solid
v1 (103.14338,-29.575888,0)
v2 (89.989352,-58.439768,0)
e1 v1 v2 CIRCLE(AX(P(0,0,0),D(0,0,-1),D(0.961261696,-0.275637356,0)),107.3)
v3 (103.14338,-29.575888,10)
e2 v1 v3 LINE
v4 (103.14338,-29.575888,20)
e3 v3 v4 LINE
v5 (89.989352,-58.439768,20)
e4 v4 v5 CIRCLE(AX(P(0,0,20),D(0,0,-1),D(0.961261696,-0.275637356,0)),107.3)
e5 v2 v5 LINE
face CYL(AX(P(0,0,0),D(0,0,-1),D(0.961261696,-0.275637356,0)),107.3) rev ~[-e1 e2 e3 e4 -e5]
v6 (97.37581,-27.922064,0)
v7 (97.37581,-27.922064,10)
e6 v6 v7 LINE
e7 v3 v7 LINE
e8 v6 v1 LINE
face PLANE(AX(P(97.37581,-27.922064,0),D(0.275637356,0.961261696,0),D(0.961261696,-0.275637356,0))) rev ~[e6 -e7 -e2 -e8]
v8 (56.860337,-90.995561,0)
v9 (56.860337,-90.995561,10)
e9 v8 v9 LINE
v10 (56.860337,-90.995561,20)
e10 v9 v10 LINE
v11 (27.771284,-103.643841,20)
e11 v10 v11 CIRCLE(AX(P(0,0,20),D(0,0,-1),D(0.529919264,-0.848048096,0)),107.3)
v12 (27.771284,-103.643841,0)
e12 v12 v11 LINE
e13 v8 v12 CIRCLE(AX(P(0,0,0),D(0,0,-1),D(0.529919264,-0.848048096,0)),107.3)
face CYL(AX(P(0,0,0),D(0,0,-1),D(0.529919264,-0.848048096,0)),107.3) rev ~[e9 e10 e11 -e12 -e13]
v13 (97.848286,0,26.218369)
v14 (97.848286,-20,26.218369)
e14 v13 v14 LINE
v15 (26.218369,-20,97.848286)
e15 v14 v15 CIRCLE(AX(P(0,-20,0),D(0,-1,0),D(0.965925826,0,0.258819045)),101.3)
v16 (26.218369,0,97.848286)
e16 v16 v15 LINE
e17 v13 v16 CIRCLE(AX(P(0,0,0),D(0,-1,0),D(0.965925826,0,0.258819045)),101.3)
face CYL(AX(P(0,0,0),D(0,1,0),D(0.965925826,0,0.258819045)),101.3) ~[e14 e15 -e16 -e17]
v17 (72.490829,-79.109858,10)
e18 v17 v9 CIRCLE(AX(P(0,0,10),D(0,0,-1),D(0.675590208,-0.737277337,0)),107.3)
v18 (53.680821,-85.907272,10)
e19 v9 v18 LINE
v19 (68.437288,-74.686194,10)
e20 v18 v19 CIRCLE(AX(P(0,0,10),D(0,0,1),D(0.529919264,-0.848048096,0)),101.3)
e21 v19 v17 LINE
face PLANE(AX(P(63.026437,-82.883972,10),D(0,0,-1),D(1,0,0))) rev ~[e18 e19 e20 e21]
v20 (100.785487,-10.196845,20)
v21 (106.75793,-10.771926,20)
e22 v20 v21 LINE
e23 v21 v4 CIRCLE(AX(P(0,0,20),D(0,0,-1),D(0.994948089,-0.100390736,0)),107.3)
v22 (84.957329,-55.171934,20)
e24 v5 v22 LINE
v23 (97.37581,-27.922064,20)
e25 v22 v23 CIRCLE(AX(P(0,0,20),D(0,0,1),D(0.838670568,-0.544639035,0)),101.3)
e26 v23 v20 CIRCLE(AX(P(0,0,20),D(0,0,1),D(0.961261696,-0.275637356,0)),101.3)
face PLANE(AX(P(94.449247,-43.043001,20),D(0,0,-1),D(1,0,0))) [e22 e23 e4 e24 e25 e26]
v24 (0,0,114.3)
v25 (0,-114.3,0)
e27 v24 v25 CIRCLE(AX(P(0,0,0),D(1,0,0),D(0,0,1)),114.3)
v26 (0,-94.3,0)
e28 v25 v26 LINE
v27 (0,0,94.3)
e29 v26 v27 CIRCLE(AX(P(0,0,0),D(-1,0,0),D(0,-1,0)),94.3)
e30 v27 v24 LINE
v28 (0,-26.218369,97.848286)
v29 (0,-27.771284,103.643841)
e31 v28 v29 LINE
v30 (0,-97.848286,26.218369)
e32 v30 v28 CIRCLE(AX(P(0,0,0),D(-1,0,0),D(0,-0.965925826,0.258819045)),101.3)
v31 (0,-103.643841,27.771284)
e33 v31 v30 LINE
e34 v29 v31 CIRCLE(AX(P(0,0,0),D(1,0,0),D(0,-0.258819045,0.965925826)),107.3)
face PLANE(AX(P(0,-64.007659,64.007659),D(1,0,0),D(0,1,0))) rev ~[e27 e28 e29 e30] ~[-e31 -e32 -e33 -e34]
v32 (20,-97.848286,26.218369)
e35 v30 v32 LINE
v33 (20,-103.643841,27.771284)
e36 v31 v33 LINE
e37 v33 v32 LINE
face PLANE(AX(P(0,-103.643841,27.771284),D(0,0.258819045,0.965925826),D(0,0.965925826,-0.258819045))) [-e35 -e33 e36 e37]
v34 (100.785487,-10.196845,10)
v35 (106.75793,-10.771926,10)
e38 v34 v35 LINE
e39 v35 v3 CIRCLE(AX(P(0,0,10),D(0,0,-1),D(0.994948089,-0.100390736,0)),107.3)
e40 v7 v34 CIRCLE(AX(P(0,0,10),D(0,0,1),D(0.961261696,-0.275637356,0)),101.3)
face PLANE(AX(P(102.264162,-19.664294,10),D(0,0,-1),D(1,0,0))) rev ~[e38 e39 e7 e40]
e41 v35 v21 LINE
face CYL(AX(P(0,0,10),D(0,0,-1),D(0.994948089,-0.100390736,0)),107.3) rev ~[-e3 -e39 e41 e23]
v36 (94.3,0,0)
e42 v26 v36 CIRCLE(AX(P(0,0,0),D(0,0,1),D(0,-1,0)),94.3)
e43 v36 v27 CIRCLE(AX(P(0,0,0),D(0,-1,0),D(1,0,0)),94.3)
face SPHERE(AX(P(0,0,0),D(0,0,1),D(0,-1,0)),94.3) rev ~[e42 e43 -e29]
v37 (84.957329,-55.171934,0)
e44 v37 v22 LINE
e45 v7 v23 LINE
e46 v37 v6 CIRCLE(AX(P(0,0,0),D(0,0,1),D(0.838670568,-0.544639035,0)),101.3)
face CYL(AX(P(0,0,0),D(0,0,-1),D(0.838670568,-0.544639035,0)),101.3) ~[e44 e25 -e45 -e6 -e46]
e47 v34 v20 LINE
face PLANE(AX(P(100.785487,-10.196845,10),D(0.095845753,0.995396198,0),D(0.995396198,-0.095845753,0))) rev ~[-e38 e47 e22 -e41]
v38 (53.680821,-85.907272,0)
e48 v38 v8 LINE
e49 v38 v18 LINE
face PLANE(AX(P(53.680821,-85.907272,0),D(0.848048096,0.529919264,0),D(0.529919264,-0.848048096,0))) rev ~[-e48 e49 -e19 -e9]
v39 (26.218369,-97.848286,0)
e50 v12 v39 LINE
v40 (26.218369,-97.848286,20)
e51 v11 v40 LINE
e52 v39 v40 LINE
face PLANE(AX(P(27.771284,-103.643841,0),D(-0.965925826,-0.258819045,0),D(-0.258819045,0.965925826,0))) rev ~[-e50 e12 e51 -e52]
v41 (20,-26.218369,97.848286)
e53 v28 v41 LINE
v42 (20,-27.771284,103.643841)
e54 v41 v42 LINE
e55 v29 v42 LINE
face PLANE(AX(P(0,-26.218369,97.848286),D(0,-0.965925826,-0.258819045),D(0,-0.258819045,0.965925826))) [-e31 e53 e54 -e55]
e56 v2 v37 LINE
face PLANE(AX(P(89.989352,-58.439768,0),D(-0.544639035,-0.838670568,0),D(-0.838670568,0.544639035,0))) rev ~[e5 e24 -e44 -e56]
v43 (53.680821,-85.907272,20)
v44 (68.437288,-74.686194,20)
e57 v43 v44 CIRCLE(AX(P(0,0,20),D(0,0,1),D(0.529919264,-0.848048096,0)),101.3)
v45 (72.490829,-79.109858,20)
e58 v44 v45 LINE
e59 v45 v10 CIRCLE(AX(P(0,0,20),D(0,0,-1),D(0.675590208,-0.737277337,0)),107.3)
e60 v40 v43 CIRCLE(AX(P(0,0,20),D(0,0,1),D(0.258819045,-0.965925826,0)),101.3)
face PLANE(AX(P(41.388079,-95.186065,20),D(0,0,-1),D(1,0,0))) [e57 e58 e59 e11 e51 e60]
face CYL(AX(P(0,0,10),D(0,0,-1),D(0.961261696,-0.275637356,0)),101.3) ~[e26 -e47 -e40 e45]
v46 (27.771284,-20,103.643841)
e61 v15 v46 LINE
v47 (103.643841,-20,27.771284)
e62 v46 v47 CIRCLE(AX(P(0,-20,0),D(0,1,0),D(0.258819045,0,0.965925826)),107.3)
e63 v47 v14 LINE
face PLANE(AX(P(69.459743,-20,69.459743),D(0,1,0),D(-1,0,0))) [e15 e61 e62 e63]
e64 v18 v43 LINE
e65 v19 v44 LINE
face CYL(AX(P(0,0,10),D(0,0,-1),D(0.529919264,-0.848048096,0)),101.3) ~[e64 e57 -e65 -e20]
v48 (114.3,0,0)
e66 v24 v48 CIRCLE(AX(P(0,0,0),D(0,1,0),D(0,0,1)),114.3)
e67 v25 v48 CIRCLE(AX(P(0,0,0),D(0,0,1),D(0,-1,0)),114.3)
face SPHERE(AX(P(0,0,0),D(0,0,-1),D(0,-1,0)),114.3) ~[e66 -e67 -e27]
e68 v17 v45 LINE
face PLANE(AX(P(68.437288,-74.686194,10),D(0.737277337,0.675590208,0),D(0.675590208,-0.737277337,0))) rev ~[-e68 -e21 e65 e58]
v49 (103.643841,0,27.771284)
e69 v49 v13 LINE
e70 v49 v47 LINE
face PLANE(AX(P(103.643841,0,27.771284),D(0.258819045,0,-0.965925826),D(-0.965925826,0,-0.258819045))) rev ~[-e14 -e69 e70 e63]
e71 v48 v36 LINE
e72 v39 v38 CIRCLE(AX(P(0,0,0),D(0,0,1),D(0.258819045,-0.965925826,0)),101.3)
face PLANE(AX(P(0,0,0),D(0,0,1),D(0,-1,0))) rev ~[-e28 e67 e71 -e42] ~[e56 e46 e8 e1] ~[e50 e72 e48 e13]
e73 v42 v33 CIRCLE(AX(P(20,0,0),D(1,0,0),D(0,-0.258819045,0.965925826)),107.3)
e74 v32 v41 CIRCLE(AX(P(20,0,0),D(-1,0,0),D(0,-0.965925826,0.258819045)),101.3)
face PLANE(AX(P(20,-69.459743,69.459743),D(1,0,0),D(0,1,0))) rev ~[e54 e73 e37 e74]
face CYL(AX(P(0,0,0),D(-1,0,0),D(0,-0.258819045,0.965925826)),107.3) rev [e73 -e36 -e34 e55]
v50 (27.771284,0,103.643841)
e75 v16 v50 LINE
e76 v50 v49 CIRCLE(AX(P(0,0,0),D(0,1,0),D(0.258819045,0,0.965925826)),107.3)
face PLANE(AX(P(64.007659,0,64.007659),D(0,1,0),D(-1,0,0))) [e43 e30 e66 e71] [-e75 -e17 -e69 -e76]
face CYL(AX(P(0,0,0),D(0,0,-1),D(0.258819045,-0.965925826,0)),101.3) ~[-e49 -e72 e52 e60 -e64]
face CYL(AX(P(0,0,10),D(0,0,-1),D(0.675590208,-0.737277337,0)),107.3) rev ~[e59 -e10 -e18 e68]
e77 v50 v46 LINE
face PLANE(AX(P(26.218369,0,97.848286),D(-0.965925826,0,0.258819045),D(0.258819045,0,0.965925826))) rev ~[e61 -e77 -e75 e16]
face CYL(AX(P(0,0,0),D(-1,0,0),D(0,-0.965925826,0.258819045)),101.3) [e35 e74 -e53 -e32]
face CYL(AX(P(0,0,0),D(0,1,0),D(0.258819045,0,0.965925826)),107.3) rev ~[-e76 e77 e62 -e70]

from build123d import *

# Parameters (mm, degrees)
F1_ANGLE  = 90
F3_DEPTH  = 20
F5_DEPTH  = 20
F7_DEPTH  = 20
F10_DEPTH = 10


with BuildPart() as f1:
    # F0 (on Right) → F1 (revolve)
    with BuildSketch(Plane.YZ):
        with BuildLine():
            Line((0, 94.3), (0, 114.3))
            ThreePointArc((0, 114.3), (-80.8223050896, 80.8223050896), (-114.3, 0))
            Line((-114.3, 0), (-94.3, 0))
            ThreePointArc((-94.3, 0), (-66.6801694659, 66.6801694659), (0, 94.3))
        make_face()
    revolve(axis=Axis((0, 0, 104.3), (0, 0, 1)), revolution_arc=F1_ANGLE)

    # F2 (on face) → F3 (cut)
    with BuildSketch(Plane(origin=(0, 0, 0), x_dir=(-1, 0, 0), z_dir=(0, 1, 0))):
        with BuildLine():
            Line((-26.2183692689, 97.8482862031), (-27.7712835395, 103.6438411608))
            ThreePointArc((-27.7712835395, 103.6438411608), (-75.8725576213, 75.8725576213), (-103.6438411608, 27.7712835395))
            Line((-103.6438411608, 27.7712835395), (-97.8482862031, 26.2183692689))
            ThreePointArc((-97.8482862031, 26.2183692689), (-71.6299169342, 71.6299169342), (-26.2183692689, 97.8482862031))
        make_face()
    extrude(amount=-F3_DEPTH, mode=Mode.SUBTRACT)

    # F4 (on face) → F5 (cut)
    with BuildSketch(Plane.YZ):
        with BuildLine():
            ThreePointArc((-97.8482862031, 26.2183692689), (-71.6299169342, 71.6299169342), (-26.2183692689, 97.8482862031))
            Line((-26.2183692689, 97.8482862031), (-27.7712835395, 103.6438411608))
            ThreePointArc((-27.7712835395, 103.6438411608), (-75.8725576213, 75.8725576213), (-103.6438411608, 27.7712835395))
            Line((-103.6438411608, 27.7712835395), (-97.8482862031, 26.2183692689))
        make_face()
    extrude(amount=F5_DEPTH, mode=Mode.SUBTRACT)

    # F6 (on face) → F7 (cut)
    with BuildSketch(Plane(origin=(0, 0, 0), x_dir=(1, 0, 0), z_dir=(0, 0, -1))):
        with BuildLine():
            Line((27.7712835395, 103.6438411608), (26.2183692689, 97.8482862031))
            ThreePointArc((26.2183692689, 97.8482862031), (40.3932806821, 92.8981855352), (53.6808214668, 85.9072721406))
            Line((53.6808214668, 85.9072721406), (56.8603370522, 90.9955607176))
            ThreePointArc((56.8603370522, 90.9955607176), (42.7857750957, 98.4005459815), (27.7712835395, 103.6438411608))
        make_face()
        with BuildLine():
            ThreePointArc((84.9573285329, 55.171934247), (92.1790767398, 42.0084254811), (97.3758097986, 27.9220641443))
            Line((97.3758097986, 27.9220641443), (103.1433799742, 29.5758882792))
            ThreePointArc((103.1433799742, 29.5758882792), (97.6388443651, 44.496584937), (89.9893519405, 58.4397684571))
            Line((89.9893519405, 58.4397684571), (84.9573285329, 55.171934247))
        make_face()
    extrude(amount=-F7_DEPTH, mode=Mode.SUBTRACT)

    # F9 (on offset) → F10 (cut)
    with BuildSketch(Plane(origin=(0, 0, 10), x_dir=(1, 0, 0), z_dir=(0, 0, -1))):
        with BuildLine():
            ThreePointArc((97.3758097986, 27.9220641443), (99.4762319066, 19.1355503099), (100.7854867979, 10.1968451452))
            Line((100.7854867979, 10.1968451452), (106.7579299629, 10.7719260129))
            ThreePointArc((106.7579299629, 10.7719260129), (105.3709505868, 20.2546975401), (103.1433799742, 29.5758882792))
            Line((103.1433799742, 29.5758882792), (97.3758097986, 27.9220641443))
        make_face()
        Polygon((0.327321584, 0.5238240331), (0, 0), (0.4947707785, 0.5399475566), align=None)
        Polygon((0.4947707785, 0.5399475566), (0, 0), (2.5848787999, 0.7412020686), align=None)
        with BuildLine():
            Line((56.8603370522, 90.9955607176), (53.6808214668, 85.9072721406))
            ThreePointArc((53.6808214668, 85.9072721406), (61.3162809887, 80.6350028568), (68.4372880315, 74.6861942189))
            Line((68.4372880315, 74.6861942189), (72.4908292772, 79.1098582397))
            ThreePointArc((72.4908292772, 79.1098582397), (64.948044917, 85.411014872), (56.8603370522, 90.9955607176))
        make_face()
    extrude(amount=-F10_DEPTH, mode=Mode.SUBTRACT)


solid = f1.part
